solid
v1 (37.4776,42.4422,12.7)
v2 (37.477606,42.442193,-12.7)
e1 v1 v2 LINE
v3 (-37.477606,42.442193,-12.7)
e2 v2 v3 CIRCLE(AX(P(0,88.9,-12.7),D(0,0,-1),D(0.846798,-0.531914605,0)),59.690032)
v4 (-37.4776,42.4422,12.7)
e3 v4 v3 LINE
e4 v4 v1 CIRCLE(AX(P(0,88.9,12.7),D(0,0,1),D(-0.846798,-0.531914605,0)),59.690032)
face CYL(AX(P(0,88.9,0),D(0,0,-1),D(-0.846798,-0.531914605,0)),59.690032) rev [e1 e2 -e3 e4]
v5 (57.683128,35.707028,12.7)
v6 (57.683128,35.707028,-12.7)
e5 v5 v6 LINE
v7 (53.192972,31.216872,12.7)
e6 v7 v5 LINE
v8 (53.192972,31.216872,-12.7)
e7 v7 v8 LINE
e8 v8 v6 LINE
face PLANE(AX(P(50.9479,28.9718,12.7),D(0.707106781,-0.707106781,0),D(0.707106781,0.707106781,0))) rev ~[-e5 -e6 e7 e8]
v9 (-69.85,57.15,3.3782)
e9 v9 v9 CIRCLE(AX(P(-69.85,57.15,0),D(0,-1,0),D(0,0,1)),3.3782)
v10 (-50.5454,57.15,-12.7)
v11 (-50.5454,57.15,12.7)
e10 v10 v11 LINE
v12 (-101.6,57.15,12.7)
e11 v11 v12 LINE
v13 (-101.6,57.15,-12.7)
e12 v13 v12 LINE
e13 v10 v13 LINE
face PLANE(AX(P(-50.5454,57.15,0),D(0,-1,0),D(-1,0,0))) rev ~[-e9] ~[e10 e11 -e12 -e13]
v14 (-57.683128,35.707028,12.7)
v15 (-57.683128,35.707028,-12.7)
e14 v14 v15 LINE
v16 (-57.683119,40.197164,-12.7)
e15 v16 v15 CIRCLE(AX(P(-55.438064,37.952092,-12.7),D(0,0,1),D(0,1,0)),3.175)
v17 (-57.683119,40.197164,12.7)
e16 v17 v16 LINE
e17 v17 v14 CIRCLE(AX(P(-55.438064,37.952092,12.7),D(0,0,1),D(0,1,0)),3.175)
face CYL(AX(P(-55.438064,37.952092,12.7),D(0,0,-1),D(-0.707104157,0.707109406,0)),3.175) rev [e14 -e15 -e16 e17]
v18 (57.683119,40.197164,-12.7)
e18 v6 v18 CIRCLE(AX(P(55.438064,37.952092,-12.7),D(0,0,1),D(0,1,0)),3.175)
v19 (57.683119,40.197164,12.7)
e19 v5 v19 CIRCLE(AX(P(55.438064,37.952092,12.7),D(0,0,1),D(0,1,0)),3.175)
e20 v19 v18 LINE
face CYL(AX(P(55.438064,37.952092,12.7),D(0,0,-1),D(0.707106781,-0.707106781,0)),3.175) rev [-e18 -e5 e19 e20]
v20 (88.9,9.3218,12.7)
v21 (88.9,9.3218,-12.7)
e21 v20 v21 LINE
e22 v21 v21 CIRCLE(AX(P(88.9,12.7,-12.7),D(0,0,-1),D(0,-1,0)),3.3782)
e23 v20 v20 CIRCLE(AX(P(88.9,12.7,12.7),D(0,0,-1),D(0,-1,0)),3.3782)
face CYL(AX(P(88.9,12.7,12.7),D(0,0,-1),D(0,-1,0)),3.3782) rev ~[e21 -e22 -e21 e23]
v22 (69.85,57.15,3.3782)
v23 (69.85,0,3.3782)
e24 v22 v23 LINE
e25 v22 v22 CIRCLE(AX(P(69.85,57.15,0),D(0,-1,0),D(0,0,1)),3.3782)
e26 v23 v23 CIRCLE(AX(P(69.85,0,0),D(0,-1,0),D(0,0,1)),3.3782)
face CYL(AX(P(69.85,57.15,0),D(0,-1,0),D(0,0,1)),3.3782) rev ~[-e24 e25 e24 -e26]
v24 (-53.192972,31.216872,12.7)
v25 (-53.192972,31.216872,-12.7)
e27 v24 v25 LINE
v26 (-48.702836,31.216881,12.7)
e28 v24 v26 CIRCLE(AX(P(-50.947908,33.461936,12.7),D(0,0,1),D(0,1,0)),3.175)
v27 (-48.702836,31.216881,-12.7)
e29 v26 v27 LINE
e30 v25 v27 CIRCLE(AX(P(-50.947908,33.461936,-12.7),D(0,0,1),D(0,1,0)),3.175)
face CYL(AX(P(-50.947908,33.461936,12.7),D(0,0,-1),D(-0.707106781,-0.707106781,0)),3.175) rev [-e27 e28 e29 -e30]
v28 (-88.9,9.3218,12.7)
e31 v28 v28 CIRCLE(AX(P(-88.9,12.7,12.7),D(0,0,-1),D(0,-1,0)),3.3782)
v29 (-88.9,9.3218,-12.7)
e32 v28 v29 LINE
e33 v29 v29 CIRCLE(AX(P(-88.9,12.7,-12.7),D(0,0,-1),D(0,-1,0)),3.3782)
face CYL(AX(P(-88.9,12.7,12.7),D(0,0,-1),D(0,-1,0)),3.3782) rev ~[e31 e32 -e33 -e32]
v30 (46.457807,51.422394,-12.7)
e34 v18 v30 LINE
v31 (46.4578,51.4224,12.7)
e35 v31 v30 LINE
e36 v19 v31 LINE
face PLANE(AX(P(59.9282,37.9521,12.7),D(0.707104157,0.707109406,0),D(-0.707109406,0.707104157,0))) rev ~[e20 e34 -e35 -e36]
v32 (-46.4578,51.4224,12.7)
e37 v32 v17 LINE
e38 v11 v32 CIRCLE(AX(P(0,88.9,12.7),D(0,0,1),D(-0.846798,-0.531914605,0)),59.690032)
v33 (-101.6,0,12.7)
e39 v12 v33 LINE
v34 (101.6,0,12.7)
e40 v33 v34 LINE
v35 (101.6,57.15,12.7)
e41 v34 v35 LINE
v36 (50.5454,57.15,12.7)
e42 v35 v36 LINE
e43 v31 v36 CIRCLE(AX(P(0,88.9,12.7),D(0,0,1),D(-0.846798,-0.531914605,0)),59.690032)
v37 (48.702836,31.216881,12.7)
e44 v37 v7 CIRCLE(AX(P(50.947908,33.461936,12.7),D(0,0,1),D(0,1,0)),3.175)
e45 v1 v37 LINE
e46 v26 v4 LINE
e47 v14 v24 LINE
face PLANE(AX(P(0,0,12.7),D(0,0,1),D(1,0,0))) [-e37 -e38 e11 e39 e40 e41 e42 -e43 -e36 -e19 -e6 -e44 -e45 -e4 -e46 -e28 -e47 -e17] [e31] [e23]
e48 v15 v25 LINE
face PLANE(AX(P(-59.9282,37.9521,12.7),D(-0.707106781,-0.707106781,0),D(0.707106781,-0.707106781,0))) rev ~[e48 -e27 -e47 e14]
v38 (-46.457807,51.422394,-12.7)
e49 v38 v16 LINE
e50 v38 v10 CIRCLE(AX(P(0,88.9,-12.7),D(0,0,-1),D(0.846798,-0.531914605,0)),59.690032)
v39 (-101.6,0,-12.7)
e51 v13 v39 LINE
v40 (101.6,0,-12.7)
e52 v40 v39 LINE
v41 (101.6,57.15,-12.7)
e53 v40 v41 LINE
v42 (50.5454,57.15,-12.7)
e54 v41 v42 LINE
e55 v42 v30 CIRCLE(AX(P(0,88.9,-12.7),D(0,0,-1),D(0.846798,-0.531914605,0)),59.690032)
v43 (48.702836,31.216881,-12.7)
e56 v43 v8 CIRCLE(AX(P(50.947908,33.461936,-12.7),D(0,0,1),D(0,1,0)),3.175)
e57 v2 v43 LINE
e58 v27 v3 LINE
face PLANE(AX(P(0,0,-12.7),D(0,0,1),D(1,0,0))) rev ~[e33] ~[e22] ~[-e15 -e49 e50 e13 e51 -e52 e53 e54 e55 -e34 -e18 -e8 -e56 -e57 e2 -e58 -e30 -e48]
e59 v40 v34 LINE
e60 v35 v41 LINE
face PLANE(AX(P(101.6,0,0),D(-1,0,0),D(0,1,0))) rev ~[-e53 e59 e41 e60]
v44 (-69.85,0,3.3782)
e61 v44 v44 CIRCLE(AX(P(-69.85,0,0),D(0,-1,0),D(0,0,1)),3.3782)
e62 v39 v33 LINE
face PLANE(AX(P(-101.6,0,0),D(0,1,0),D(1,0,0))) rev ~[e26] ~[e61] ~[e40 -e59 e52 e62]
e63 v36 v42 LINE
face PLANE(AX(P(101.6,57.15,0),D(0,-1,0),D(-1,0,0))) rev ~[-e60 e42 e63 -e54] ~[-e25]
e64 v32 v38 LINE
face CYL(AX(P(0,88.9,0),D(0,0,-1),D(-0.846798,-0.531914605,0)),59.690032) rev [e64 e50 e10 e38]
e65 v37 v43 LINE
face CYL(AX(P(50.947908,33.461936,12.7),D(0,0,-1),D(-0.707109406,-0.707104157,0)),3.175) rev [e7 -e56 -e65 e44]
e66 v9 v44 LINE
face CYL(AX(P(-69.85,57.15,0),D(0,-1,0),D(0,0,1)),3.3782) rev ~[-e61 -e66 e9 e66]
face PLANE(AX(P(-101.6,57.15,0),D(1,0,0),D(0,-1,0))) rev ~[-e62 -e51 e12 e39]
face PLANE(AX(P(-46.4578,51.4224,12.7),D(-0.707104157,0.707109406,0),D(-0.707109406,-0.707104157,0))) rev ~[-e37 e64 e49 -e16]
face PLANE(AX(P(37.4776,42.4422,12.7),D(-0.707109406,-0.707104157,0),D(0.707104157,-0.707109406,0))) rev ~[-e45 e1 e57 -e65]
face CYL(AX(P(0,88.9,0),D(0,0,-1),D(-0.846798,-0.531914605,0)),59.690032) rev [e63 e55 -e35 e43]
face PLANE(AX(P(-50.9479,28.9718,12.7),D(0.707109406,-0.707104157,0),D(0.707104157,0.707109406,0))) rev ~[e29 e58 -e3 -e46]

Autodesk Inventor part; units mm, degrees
ref_plane "YZ Plane" through (0, 0, 0) normal (1, 0, 0) x (0, 1, 0)
ref_plane "XZ Plane" through (0, 0, 0) normal (0, 1, 0) x (-1, 0, 0)
ref_plane "XY Plane" through (0, 0, 0) normal (0, 0, 1) x (1, 0, 0)
sketch "Sketch1" plane through (0, 0, 0) normal (0, 0, 1) x (1, 0, 0)
  arc A0 (-50.5454, 57.15) -> (50.5454, 57.15) centre (0, 88.9) ccw
  line L0 (-50.5454, 57.15) -> (-101.6, 57.15)
  line L1 (-101.6, 57.15) -> (-101.6, 0)
  line L2 (-101.6, 0) -> (101.6, 0)
  line L3 (101.6, 0) -> (101.6, 57.15)
  line L4 (101.6, 57.15) -> (50.5454, 57.15)
  line L5 (-142.24, 0) -> (142.24, 0) projected
  line L6 (0, 57.6383) -> (0, -27.9062) construction
  line L7 (0, -51.2675) -> (0, 112.2612) projected
  point P0 (0, 0)
  dimension "d32" = 57.15
  dimension "d33" = 59.69
  dimension "d63" = 88.9
  dimension "d64" = 203.2
  dimension "d65" = 101.6
extrude "Extrusion1" add sketch "Sketch1" along normal mid plane 25.4
sketch "Sketch2" plane through (-101.6, 57.15, 12.7) normal (0, 1, 0) x (1, 0, 0)
  line L0 (51.0546, 25.4) -> (51.0546, 0) projected
  line L1 (51.0546, 0) -> (0, 0) projected
  line L2 (152.1454, 25.4) -> (152.1454, 0) projected
  line L3 (203.2, 0) -> (152.1454, 0) projected
  line L4 (203.2, 25.4) -> (203.2, 0) projected
  line L5 (0, 0) -> (0, 25.4) projected
  point P0 (101.6, 12.7)
  point P1 (31.75, 12.7)
  point P2 (171.45, 12.7)
  dimension "d16" = 12.7
  dimension "d18" = 12.7
  dimension "d19" = 31.75
  dimension "d20" = 31.75
hole "Hole1" at (-69.85, 57.15, 0) at (69.85, 57.15, 0) direction (0, -1, 0) diameter 6.7564 end through all clearance for "Socket Head Cap Screw" size "1/4" standard "Ansi Unified Screw Threads"
sketch "Sketch4" plane through (0, 0, 12.7) normal (0, 0, 1) x (1, 0, 0)
  line L0 (-46.4578, 51.4224) -> (-59.9282, 37.9521)
  line L1 (-59.9282, 37.9521) -> (-50.9479, 28.9718)
  line L2 (-50.9479, 28.9718) -> (-37.4776, 42.4422)
  line L3 (-37.4776, 42.4422) -> (-46.4578, 51.4224)
  line L4 (37.4776, 42.4422) -> (50.9479, 28.9718)
  line L5 (50.9479, 28.9718) -> (59.9282, 37.9521)
  line L6 (59.9282, 37.9521) -> (46.4578, 51.4224)
  line L7 (46.4578, 51.4224) -> (37.4776, 42.4422)
  line L8 (0, 53.9269) -> (0, 0) construction
  line L9 (-101.6, 0) -> (101.6, 0) projected
  arc A0 (-50.5454, 57.15) -> (50.5454, 57.15) centre (0, 88.9) ccw projected
  line L10 (34.6064, 54.2936) -> (52.2131, 36.6869) construction
  line L11 (-58.7882, 30.1118) -> (-24.955, 63.945) construction
  point P0 (46.4578, 51.4224)
  point P1 (-46.4578, 51.4224)
  dimension "d35" = 90
  dimension "d36" = 45
  dimension "d38" = 12.7
  dimension "d39" = 12.7
  dimension "d42" = 6.35
  dimension "d43" = 6.35
  dimension "d46" = 19.05
  dimension "d51" = 19.05
extrude "Extrusion2" cut sketch "Sketch4" against normal through all contours A0 L2 L1 L0 | A0 L6 L5 L4
fillet "Fillet2" radius 3.175 4 edges at (-59.9282, 37.9521, 0) (-50.9479, 28.9718, 0) (50.9479, 28.9718, 0) (59.9282, 37.9521, 0)
sketch "Sketch10" plane through (0, 0, 12.7) normal (0, 0, 1) x (1, 0, 0)
  line L0 (88.9, 12.7) -> (-88.9, 12.7) construction
  line L1 (-101.6, 0) -> (101.6, 0) projected
  point P0 (0, 0)
  dimension "d91" = 177.8
  dimension "d92" = 88.9
  dimension "d93" = 12.7
hole "Hole5" at (88.9, 12.7, 12.7) at (-88.9, 12.7, 12.7) direction (0, 0, -1) diameter 6.7564 end through all clearance for "Socket Head Cap Screw" size "1/4" standard "Ansi Unified Screw Threads"
equation "\"d36\" = 0.5 * d35"
equation "\"d42\" = 0.5 * d39"
equation "\"d43\" = 0.5 * d38"
equation "\"d92\" = 0.5 * d91"
properties part number "ODSY-0007-004" material "Aluminum 6061"
